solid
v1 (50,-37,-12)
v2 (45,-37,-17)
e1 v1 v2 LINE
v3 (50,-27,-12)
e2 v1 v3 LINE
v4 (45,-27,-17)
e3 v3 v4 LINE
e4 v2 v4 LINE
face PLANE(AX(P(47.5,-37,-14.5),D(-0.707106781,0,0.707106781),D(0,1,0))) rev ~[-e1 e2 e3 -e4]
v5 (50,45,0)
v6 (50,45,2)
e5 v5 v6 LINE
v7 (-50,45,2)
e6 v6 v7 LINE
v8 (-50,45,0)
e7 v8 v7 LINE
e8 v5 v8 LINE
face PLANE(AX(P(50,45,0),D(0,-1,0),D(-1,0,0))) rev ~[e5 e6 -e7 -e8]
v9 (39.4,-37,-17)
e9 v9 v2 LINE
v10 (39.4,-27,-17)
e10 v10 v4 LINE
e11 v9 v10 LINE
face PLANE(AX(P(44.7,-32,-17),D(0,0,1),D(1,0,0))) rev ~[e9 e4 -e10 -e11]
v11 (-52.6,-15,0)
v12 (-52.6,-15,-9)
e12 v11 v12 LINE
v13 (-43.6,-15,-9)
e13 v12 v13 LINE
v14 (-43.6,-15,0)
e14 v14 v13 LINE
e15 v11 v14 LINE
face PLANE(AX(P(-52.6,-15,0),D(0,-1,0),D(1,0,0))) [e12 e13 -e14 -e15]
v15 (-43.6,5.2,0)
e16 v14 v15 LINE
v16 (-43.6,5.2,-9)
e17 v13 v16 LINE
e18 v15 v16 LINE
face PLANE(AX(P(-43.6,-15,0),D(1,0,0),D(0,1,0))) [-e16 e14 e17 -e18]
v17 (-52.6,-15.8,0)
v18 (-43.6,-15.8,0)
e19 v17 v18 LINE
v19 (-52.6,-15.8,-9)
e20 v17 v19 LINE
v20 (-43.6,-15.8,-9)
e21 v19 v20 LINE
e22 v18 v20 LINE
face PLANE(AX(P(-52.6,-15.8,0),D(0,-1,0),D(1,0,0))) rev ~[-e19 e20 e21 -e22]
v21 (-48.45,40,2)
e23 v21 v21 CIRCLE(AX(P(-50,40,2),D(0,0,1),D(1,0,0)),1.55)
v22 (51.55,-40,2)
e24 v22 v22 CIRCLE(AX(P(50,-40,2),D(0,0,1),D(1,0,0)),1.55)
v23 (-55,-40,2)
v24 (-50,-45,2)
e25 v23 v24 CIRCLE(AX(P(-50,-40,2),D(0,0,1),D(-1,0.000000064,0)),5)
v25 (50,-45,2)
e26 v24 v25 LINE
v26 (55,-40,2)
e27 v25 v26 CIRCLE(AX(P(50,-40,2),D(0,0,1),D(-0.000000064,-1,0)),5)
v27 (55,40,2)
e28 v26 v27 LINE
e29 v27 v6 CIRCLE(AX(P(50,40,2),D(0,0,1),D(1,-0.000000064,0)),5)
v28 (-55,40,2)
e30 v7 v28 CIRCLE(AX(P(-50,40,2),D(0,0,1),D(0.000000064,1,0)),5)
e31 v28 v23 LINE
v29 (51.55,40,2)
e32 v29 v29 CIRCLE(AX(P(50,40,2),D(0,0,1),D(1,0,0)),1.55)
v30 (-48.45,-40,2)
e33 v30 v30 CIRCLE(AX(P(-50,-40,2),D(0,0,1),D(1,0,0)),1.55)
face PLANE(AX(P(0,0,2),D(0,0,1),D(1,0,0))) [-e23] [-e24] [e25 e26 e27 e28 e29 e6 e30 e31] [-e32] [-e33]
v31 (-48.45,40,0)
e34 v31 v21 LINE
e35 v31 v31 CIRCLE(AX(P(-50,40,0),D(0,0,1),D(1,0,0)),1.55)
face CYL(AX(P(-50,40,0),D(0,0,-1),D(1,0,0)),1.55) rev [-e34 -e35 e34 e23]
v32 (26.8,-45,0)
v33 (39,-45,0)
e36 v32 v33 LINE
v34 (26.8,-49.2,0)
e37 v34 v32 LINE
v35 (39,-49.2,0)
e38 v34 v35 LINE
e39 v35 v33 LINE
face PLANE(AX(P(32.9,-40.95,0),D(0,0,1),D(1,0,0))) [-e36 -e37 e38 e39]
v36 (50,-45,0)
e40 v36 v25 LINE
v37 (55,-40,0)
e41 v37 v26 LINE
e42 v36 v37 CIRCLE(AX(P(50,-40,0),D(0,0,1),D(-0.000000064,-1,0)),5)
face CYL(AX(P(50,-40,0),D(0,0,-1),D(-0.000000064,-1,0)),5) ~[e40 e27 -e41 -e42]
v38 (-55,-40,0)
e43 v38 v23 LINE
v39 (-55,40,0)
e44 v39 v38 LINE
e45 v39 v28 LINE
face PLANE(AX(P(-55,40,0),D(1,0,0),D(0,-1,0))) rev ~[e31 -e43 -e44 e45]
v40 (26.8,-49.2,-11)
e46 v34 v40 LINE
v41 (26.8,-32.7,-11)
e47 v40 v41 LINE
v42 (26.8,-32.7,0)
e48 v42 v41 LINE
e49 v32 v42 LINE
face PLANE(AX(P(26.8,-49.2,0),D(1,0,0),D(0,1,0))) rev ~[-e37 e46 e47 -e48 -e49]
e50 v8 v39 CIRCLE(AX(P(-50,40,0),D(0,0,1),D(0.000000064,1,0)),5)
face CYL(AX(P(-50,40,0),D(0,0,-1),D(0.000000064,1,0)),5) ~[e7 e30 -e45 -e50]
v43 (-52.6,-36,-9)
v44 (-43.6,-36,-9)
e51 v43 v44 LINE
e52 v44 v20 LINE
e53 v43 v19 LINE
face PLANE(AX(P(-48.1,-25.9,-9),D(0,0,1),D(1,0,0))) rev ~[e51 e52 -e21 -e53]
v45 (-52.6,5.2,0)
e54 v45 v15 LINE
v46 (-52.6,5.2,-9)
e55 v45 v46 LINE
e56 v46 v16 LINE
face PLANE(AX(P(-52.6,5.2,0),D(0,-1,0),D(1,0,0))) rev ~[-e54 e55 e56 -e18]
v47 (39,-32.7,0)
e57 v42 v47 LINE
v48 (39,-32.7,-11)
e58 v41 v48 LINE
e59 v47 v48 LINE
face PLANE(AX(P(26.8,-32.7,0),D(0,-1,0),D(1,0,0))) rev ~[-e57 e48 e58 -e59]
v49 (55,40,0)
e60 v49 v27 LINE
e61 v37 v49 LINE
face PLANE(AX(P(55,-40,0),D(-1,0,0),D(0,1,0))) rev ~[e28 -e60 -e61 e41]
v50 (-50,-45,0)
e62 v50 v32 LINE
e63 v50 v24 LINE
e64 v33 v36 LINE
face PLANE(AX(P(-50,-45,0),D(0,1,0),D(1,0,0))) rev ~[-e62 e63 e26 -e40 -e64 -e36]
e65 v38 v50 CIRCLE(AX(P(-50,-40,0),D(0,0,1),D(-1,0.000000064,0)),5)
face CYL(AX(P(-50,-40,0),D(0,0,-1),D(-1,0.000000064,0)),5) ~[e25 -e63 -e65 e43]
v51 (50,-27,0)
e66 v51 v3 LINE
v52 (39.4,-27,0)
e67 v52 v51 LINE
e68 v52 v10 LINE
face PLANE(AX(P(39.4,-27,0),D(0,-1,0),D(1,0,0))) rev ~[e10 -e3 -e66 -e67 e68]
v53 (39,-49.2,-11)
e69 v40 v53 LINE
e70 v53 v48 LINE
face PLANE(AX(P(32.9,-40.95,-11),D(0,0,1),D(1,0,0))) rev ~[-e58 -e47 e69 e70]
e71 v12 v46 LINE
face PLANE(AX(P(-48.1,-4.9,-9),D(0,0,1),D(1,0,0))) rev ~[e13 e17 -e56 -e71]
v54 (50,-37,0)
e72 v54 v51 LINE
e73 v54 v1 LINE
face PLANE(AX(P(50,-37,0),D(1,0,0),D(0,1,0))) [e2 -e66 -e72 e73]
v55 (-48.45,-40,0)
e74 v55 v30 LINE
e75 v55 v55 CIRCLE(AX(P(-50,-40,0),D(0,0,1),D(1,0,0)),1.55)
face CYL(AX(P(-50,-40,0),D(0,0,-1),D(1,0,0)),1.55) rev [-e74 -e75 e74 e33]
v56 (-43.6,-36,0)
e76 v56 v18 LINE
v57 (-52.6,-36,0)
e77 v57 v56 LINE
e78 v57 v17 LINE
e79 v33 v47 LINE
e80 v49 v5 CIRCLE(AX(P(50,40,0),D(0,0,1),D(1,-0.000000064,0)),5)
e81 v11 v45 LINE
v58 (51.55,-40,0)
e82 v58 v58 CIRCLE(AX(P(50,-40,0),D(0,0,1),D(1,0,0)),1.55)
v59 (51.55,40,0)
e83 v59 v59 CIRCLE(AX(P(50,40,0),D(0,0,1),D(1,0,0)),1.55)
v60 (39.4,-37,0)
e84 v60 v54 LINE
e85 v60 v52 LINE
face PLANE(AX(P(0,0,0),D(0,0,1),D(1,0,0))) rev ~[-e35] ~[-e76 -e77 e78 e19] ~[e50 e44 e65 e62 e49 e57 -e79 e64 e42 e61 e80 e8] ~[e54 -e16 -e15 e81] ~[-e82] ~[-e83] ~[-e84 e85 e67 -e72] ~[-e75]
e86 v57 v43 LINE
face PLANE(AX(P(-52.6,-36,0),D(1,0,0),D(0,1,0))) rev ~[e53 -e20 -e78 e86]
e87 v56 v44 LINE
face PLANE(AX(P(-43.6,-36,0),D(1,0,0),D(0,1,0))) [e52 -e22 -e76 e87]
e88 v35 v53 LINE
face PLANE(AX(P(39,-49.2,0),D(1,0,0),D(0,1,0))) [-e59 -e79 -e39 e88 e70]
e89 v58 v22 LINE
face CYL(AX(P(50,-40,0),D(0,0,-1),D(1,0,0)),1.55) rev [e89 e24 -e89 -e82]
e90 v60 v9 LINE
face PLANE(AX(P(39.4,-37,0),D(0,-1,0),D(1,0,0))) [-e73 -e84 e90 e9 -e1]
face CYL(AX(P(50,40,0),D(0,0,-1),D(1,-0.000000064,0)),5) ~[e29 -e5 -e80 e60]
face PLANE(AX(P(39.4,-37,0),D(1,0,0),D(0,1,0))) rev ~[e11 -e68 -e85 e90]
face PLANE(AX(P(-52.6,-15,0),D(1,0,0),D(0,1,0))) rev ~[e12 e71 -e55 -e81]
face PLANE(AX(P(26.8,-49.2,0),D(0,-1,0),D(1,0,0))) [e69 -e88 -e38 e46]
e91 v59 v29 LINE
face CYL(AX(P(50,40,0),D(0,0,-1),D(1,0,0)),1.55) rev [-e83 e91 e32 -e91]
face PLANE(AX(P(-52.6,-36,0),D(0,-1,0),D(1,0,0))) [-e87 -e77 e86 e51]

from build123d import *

# Parameters (mm, degrees)
F0_R     = 1.55
F1_DEPTH = 2
F2_W     = 12.2
F2_H     = 16.5
F3_DEPTH = 11
F2_W_2   = 10.6
F2_H_2   = 10
F4_DEPTH = 17
F5_SIZE  = 5
F2_W_3   = 9
F2_H_3   = 20.2
F6_DEPTH = 9


with BuildPart() as f1:
    # F0 (on Top) → F1 (new body)
    with BuildSketch(Plane.XY):
        with BuildLine():
            Line((50, 45), (-50, 45))
            ThreePointArc((-50, 45), (-53.535534, 43.535534), (-55, 40))
            Line((-55, 40), (-55, -40))
            ThreePointArc((-55, -40), (-53.535534, -43.535534), (-50, -45))
            Line((-50, -45), (50, -45))
            ThreePointArc((50, -45), (53.535534, -43.535534), (55, -40))
            Line((55, -40), (55, 40))
            ThreePointArc((55, 40), (53.535534, 43.535534), (50, 45))
        make_face()
        with Locations((-50, -40)):
            Circle(F0_R, mode=Mode.SUBTRACT)
        with Locations((50, -40)):
            Circle(F0_R, mode=Mode.SUBTRACT)
        with Locations((-50, 40)):
            Circle(F0_R, mode=Mode.SUBTRACT)
        with Locations((50, 40)):
            Circle(F0_R, mode=Mode.SUBTRACT)
    extrude(amount=F1_DEPTH)

    # F2 (on Top) → F3 (join)
    with BuildSketch(Plane.XY):
        with Locations((32.9, -40.95)):
            Rectangle(F2_W, F2_H)
    extrude(amount=-F3_DEPTH)

    # F2 (on Top) → F4 (join)
    with BuildSketch(Plane.XY):
        with Locations((44.7, -32)):
            Rectangle(F2_W_2, F2_H_2)
    extrude(amount=-F4_DEPTH)

    # F5
    f5_edges = [f1.edges().sort_by_distance(p)[0] for p in [
        (50, -32, -17),
    ]]
    chamfer(f5_edges, length=F5_SIZE)

    # F2 (on Top) → F6 (join)
    with BuildSketch(Plane.XY):
        with Locations((-48.1, -25.9)):
            Rectangle(F2_W_3, F2_H_3)
        with Locations((-48.1, -4.9)):
            Rectangle(F2_W_3, F2_H_3)
    extrude(amount=-F6_DEPTH)


solid = f1.part
